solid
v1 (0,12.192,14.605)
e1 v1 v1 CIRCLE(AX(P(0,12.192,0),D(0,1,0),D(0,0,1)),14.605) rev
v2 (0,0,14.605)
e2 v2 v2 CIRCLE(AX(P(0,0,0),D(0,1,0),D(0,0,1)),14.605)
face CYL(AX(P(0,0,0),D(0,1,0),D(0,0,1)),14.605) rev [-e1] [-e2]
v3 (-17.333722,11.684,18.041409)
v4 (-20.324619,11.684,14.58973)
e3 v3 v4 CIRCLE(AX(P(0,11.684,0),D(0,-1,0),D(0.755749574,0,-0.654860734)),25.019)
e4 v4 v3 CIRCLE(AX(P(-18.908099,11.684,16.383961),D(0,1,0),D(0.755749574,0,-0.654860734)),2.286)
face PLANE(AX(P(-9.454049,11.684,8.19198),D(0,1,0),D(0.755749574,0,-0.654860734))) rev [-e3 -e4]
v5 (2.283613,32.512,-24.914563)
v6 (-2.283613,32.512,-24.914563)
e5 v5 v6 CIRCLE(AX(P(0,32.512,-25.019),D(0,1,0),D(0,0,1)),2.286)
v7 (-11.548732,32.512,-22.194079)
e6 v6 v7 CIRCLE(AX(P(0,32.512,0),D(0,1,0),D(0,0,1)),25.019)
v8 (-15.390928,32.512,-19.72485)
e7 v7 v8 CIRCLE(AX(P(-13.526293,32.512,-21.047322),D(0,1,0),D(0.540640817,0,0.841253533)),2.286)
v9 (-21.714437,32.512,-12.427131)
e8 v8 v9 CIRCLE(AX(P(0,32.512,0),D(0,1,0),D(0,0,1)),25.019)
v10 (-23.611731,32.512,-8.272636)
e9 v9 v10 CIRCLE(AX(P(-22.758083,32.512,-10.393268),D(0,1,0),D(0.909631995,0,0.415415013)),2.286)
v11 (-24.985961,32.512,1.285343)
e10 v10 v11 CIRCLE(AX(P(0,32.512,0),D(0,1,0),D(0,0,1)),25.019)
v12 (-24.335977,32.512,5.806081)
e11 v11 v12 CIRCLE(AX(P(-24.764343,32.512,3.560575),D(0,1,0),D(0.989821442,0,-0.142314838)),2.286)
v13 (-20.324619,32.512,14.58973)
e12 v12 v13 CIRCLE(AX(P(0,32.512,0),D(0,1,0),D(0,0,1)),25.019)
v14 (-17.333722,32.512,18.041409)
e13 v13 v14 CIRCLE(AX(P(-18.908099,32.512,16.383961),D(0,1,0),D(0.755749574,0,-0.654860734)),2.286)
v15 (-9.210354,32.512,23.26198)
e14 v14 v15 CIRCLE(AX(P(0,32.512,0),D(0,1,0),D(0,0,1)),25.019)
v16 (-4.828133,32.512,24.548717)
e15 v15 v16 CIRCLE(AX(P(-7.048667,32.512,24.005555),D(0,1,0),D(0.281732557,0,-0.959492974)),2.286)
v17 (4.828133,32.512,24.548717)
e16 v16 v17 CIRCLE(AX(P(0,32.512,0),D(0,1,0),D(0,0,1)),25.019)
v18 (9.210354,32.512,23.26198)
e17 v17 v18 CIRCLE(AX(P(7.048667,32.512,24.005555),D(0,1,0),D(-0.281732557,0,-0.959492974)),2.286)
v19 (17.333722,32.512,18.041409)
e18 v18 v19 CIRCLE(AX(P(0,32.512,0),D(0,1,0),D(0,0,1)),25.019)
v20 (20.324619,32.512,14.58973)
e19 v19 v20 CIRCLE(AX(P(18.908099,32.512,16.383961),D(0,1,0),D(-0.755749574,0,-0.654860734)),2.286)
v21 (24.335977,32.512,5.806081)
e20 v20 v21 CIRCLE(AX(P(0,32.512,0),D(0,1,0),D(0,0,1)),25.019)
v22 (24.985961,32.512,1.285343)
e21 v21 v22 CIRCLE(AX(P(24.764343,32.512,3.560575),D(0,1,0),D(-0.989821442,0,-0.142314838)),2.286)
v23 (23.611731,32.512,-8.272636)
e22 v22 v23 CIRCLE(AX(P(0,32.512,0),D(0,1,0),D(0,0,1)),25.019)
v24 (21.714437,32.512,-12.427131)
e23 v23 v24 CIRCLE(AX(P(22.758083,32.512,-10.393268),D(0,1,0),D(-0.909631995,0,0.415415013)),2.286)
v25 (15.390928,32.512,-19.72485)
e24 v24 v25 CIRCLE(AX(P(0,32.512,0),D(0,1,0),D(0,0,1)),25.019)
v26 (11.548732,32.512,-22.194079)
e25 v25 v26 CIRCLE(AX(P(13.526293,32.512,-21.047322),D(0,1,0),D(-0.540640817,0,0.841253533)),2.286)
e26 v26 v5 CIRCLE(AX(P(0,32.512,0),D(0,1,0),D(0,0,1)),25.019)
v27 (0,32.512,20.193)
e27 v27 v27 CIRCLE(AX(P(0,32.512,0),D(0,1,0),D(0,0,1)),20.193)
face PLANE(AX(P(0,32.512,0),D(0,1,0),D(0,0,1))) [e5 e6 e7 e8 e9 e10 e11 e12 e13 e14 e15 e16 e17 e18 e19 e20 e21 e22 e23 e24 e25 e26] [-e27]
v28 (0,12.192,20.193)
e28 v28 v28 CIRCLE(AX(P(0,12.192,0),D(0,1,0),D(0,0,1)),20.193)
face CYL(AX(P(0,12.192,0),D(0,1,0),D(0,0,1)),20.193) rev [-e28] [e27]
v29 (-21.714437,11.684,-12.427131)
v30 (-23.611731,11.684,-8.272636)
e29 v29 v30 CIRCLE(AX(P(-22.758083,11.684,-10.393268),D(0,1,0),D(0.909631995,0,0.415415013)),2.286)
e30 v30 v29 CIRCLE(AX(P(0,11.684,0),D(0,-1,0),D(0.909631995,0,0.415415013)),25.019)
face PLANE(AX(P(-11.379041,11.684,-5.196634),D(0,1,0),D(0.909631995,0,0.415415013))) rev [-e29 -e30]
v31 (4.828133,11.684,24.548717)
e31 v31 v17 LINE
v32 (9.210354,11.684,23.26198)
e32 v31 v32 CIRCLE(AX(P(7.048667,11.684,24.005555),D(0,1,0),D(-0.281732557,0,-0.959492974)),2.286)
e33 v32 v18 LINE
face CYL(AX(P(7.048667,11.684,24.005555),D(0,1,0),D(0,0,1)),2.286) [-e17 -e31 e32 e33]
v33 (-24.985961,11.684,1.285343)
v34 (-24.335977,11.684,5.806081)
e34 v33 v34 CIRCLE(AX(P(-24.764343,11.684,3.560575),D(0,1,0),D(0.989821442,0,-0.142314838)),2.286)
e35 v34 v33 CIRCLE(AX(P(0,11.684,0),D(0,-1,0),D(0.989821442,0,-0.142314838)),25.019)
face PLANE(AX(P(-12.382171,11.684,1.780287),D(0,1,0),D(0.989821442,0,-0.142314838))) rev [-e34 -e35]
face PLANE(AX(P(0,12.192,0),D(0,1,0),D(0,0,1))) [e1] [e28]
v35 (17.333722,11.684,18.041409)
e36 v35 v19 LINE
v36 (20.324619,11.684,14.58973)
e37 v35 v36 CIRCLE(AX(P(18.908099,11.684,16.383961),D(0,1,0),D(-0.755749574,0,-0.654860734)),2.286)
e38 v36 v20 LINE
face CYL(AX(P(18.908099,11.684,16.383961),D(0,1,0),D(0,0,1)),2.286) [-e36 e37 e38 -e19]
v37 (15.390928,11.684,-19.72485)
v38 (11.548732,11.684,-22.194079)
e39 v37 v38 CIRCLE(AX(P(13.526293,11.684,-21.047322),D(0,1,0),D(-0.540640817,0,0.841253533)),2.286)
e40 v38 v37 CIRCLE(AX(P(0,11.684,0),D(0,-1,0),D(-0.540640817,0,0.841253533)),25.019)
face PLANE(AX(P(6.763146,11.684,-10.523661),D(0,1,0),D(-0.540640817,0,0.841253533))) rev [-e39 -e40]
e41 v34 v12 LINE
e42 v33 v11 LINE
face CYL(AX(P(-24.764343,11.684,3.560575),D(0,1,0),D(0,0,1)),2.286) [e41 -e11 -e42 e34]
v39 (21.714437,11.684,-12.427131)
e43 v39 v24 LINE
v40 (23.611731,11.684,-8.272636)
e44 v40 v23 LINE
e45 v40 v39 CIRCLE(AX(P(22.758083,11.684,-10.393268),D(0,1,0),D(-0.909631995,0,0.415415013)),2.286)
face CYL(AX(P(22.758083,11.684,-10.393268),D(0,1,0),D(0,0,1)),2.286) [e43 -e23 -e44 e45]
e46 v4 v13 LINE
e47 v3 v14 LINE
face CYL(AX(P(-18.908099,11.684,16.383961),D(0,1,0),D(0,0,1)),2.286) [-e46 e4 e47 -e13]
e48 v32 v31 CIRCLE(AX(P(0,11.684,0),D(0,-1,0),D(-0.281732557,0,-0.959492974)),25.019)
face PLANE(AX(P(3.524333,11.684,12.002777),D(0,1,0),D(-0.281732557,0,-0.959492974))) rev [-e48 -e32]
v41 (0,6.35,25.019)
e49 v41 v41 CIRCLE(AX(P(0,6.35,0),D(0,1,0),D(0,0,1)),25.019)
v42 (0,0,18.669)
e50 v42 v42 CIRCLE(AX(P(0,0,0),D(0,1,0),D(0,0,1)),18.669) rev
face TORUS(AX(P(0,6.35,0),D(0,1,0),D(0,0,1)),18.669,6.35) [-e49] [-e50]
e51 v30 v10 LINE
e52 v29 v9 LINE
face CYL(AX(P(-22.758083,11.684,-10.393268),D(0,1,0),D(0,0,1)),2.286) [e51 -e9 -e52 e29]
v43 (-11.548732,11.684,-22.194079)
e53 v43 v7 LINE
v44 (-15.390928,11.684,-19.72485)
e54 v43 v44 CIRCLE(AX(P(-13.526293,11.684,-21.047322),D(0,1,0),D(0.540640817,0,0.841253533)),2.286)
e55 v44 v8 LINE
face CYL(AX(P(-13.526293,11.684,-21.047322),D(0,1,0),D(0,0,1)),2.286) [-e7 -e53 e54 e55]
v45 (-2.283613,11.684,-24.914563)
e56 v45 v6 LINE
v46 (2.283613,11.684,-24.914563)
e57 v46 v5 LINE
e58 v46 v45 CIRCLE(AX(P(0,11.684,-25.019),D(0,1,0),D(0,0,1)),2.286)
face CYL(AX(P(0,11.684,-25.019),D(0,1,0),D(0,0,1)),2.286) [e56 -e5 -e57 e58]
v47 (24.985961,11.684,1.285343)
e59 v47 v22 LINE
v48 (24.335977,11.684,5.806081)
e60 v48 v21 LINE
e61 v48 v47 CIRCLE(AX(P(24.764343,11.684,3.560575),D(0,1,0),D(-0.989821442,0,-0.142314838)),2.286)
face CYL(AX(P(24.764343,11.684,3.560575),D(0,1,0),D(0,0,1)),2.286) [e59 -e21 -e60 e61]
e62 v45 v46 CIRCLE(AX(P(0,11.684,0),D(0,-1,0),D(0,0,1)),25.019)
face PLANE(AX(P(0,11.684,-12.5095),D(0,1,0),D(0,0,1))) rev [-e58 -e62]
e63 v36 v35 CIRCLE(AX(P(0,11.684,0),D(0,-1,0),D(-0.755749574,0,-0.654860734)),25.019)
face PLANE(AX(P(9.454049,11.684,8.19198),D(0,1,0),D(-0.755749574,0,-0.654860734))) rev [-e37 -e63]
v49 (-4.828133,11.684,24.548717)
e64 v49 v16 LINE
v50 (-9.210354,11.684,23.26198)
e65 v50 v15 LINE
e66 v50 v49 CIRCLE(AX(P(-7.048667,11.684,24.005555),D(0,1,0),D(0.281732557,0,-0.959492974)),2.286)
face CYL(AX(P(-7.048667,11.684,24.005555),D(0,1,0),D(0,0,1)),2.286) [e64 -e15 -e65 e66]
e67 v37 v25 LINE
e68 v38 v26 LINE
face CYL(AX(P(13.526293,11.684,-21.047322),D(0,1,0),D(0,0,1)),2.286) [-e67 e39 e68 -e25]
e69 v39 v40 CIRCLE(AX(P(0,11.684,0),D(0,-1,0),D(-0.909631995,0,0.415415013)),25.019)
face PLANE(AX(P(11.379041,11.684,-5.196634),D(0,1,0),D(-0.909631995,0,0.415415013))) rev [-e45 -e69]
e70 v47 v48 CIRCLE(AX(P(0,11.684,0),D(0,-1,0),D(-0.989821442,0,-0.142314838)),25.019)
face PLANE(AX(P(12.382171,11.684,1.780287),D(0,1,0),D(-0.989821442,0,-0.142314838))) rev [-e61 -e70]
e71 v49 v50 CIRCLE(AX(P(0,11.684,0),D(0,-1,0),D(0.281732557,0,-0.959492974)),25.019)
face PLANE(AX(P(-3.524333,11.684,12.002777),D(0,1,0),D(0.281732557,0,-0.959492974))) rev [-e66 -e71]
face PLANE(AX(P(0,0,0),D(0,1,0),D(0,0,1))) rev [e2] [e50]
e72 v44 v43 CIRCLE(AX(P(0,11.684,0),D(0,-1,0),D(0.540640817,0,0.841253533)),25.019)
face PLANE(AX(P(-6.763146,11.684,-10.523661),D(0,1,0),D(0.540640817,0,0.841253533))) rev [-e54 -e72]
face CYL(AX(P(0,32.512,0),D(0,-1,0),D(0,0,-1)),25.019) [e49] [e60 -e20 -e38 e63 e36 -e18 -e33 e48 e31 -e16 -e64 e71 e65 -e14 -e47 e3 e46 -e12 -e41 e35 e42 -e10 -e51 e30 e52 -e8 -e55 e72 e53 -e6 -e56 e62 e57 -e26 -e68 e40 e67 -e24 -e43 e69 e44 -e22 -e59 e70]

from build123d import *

# Parameters (mm, degrees)
SKETCH1_R           = 25.019
BOSS_EXTRUDE1_DEPTH = 32.512
SKETCH2_R           = 14.605
CUT_EXTRUDE1_DEPTH  = 32.512
BOSS_EXTRUDE2_START = -20.828
BOSS_EXTRUDE2_DEPTH = 20.828
CIRPATTERN1_COUNT   = 11
FILLET1_R           = 6.35
SKETCH4_R           = 20.193
CUT_EXTRUDE2_DEPTH  = 20.32


with BuildPart() as part:
    # Sketch1 → Boss-Extrude1 (new body)
    with BuildSketch(Plane(origin=(0, 0, 0), x_dir=(1, 0, 0), z_dir=(0, 1, 0))):
        with Locations(Location((0, 0, 0), (0, 0, 270))):
            Circle(SKETCH1_R)
    extrude(amount=BOSS_EXTRUDE1_DEPTH)

    # Sketch2 → Cut-Extrude1 (cut)
    with BuildSketch(Plane(origin=(0, 32.512, 0), x_dir=(1, 0, 0), z_dir=(0, 1, 0))):
        with Locations(Location((0, 0, 0), (0, 0, 270))):
            Circle(SKETCH2_R)
    extrude(amount=-CUT_EXTRUDE1_DEPTH, mode=Mode.SUBTRACT)

    # Sketch3 → Boss-Extrude2 (add)
    with BuildSketch(Plane(origin=(0, 32.512, 0), x_dir=(1, 0, 0), z_dir=(0, 1, 0)).offset(BOSS_EXTRUDE2_START)):
        with BuildLine():
            ThreePointArc((2.283613147, 24.914563452), (0, 25.019), (-2.283613147, 24.914563452))
            ThreePointArc((-2.283613147, 24.914563452), (0, 27.305), (2.283613147, 24.914563452))
        make_face()
    boss_extrude2 = extrude(amount=BOSS_EXTRUDE2_DEPTH)

    # CirPattern1: Boss-Extrude2 ×11 about axis
    cirpattern1_axis = Axis((0, 0, 0), (0, 1, 0))
    for i in range(1, CIRPATTERN1_COUNT):
        add(boss_extrude2.rotate(cirpattern1_axis, i * 360 / CIRPATTERN1_COUNT))

    # Fillet1
    fillet1_edges = [part.edges().sort_by_distance(p)[0] for p in [
        (0, 0, -25.019),
    ]]
    fillet(fillet1_edges, radius=FILLET1_R)

    # Sketch4 → Cut-Extrude2 (cut)
    with BuildSketch(Plane(origin=(0, 32.512, 0), x_dir=(1, 0, 0), z_dir=(0, 1, 0))):
        with Locations(Location((0, 0, 0), (0, 0, 270))):
            Circle(SKETCH4_R)
    extrude(amount=-CUT_EXTRUDE2_DEPTH, mode=Mode.SUBTRACT)


solid = part.part
